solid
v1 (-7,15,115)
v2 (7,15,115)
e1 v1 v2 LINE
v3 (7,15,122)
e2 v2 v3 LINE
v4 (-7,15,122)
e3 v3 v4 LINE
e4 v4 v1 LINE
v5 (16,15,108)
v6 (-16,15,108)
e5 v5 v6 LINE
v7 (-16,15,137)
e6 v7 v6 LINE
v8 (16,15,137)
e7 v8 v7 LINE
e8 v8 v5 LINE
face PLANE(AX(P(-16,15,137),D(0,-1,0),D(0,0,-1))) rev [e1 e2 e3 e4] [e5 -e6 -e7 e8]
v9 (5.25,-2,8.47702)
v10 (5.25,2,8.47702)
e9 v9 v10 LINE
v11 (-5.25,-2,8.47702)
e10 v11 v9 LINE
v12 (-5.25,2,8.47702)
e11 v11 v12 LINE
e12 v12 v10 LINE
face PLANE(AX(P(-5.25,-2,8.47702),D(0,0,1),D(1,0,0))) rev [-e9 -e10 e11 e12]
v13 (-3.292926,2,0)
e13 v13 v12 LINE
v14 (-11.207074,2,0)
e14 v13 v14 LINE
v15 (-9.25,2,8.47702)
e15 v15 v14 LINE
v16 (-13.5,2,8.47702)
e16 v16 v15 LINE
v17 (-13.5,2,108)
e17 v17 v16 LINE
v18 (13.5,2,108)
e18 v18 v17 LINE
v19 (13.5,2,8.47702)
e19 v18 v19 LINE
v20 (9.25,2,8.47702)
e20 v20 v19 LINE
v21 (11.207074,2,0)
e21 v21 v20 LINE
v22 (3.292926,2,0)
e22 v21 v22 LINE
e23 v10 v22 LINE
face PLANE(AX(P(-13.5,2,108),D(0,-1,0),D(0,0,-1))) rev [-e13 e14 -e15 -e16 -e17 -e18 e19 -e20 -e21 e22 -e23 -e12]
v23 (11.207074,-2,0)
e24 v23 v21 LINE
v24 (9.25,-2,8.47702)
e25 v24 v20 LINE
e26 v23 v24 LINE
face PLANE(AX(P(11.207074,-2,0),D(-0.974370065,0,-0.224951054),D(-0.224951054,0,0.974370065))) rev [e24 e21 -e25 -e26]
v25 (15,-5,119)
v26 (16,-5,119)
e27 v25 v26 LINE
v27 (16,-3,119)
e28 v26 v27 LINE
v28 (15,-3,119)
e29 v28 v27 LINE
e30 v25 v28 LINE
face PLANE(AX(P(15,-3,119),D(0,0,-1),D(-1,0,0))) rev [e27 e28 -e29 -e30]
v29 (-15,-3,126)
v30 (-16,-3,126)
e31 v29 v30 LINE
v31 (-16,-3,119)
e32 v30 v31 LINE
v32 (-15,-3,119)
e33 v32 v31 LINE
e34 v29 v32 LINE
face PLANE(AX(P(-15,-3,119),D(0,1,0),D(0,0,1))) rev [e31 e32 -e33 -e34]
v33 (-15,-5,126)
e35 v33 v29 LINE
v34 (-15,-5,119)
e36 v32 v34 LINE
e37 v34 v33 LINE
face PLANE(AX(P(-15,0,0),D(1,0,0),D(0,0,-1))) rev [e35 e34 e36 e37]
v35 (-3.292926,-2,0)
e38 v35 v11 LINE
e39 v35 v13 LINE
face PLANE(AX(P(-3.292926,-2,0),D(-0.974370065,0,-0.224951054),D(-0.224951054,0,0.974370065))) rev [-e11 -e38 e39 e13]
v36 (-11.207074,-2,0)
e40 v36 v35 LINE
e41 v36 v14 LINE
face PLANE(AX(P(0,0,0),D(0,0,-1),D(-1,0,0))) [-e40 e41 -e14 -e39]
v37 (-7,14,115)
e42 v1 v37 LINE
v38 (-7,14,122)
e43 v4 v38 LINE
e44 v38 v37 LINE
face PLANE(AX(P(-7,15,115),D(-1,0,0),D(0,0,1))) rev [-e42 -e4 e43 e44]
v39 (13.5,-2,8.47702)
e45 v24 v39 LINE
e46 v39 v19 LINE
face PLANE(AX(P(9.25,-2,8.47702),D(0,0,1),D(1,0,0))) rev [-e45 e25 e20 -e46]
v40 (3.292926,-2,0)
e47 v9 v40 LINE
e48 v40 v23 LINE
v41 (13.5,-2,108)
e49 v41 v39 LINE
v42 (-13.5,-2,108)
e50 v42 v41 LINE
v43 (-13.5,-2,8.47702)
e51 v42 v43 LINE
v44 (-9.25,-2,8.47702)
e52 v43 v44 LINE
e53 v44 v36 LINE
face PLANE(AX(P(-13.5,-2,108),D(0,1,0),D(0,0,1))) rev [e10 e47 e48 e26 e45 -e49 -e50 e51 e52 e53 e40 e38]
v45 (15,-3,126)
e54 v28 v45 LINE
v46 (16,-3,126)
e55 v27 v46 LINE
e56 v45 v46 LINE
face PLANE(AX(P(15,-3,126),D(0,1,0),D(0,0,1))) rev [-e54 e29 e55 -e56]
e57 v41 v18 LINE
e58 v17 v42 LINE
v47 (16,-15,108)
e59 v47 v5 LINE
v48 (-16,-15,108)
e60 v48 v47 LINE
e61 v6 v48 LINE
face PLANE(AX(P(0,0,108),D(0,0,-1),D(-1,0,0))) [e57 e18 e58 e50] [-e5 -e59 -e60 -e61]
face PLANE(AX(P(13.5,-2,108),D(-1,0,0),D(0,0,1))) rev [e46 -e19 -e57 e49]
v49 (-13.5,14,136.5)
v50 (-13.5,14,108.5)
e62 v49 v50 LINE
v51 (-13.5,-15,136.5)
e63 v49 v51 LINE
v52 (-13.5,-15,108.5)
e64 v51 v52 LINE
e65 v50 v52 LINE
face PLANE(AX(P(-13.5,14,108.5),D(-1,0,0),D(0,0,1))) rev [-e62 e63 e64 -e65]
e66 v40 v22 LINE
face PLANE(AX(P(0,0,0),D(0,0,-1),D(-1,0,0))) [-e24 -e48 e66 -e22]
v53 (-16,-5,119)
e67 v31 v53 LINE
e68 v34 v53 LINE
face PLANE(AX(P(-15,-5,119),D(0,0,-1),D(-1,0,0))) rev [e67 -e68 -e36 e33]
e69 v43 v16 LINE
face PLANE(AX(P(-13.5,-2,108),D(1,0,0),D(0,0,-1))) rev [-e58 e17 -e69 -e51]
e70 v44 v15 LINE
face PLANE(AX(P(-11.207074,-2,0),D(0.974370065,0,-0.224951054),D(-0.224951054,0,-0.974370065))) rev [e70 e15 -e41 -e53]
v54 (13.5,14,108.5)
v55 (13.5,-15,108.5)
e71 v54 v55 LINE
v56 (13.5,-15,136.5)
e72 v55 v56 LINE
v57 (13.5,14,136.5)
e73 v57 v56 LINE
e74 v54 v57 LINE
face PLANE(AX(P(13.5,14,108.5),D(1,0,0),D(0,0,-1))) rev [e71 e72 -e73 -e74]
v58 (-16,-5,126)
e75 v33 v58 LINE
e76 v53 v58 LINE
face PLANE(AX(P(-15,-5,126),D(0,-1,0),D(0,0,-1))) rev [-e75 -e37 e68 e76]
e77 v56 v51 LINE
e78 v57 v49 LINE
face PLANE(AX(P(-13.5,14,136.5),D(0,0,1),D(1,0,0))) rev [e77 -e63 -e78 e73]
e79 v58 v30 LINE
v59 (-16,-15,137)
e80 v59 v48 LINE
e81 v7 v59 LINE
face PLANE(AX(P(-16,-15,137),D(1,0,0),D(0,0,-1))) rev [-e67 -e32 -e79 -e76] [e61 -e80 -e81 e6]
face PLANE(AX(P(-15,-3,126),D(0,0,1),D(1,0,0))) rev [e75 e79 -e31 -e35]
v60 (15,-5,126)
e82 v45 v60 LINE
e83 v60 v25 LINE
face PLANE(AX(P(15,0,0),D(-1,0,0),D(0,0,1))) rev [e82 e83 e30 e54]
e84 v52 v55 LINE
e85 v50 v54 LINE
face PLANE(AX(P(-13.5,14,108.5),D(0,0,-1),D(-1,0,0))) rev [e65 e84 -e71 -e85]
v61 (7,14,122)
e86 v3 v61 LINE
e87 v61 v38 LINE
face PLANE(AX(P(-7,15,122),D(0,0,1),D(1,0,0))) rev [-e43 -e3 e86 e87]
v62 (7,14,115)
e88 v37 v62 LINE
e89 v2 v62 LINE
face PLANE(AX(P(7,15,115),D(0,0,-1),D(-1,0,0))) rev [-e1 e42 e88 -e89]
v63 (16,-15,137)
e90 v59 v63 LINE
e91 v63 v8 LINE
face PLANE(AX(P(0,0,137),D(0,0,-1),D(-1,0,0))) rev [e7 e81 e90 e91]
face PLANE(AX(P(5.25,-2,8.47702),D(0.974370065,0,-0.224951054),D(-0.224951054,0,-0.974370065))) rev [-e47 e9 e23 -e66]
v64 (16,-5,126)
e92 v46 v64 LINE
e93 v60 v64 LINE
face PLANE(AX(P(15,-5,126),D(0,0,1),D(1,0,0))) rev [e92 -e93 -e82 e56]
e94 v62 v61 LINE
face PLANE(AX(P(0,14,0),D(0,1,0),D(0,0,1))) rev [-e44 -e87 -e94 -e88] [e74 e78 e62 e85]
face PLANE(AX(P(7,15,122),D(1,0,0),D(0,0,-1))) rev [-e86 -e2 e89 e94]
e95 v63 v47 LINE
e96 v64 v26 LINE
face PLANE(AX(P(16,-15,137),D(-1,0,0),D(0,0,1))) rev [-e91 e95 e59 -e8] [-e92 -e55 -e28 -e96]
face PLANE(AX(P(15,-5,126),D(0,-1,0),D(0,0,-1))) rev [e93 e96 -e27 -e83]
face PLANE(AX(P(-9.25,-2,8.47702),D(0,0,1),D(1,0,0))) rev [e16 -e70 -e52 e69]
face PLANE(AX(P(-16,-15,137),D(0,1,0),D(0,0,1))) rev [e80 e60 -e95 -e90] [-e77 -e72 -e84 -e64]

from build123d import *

# Parameters (mm, degrees)
ESQUISSE1_W             = 27
ESQUISSE1_H             = 4
BOSS_EXTRU_1_DEPTH      = 108
ENL_V_MAT_EXTRU_3_DEPTH = 109.913956865
ESQUISSE2_W             = 32
ESQUISSE2_H             = 30
BOSS_EXTRU_2_DEPTH      = 29
ESQUISSE17_W            = 27
ESQUISSE17_H            = 28
ENL_V_MAT_EXTRU_4_DEPTH = 29
ESQUISSE18_W            = 7
ESQUISSE18_H            = 2
ENL_V_MAT_EXTRU_6_DEPTH = 1
ESQUISSE24_W            = 7
ESQUISSE24_H            = 2
ENL_V_MAT_EXTRU_7_DEPTH = 1
ESQUISSE26_W            = 14
ESQUISSE26_H            = 7
ENL_V_MAT_EXTRU_8_DEPTH = 141.946798474


with BuildPart() as part:
    # Esquisse1 → Boss.-Extru.1 (new body)
    with BuildSketch(Plane.XY):
        Rectangle(ESQUISSE1_W, ESQUISSE1_H)
    extrude(amount=BOSS_EXTRU_1_DEPTH)

    # Esquisse12 → Enlèv. mat.-Extru.3 (cut, through all)
    with BuildSketch(Plane(origin=(0, 2, 0), x_dir=(1, 0, 0), z_dir=(0, 1, 0))):
        Polygon((-13.5, 0), (-11.207074173, 0), (-9.25, -8.477019564), (-13.5, -8.477019564), align=None)
        Polygon((-3.292925827, 0), (-5.25, -8.477019564), (5.25, -8.477019564), (3.292925827, 0), align=None)
        Polygon((11.207074173, 0), (9.25, -8.477019564), (13.5, -8.477019564), (13.5, 0), align=None)
    extrude(amount=-ENL_V_MAT_EXTRU_3_DEPTH, mode=Mode.SUBTRACT)

    # Esquisse2 → Boss.-Extru.2 (add)
    with BuildSketch(Plane.XY.offset(108)):
        Rectangle(ESQUISSE2_W, ESQUISSE2_H)
    extrude(amount=BOSS_EXTRU_2_DEPTH)

    # Esquisse17 → Enlèv. mat.-Extru.4 (cut)
    with BuildSketch(Plane.XZ.offset(15)):
        with Locations((0, 122.5)):
            Rectangle(ESQUISSE17_W, ESQUISSE17_H)
    extrude(amount=-ENL_V_MAT_EXTRU_4_DEPTH, mode=Mode.SUBTRACT)

    # Esquisse18 → Enlèv. mat.-Extru.6 (cut)
    with BuildSketch(Plane(origin=(16, 0, 0), x_dir=(0, 0, -1), z_dir=(1, 0, 0))):
        with Locations((-122.5, -4)):
            Rectangle(ESQUISSE18_W, ESQUISSE18_H)
    extrude(amount=-ENL_V_MAT_EXTRU_6_DEPTH, mode=Mode.SUBTRACT)

    # Esquisse24 → Enlèv. mat.-Extru.7 (cut)
    with BuildSketch(Plane.ZY.offset(16)):
        with Locations((122.5, -4)):
            Rectangle(ESQUISSE24_W, ESQUISSE24_H)
    extrude(amount=-ENL_V_MAT_EXTRU_7_DEPTH, mode=Mode.SUBTRACT)

    # Esquisse26 → Enlèv. mat.-Extru.8 (cut, through all)
    with BuildSketch(Plane.XZ.offset(-14)):
        with Locations((0, 118.5)):
            Rectangle(ESQUISSE26_W, ESQUISSE26_H)
    extrude(amount=-ENL_V_MAT_EXTRU_8_DEPTH, mode=Mode.SUBTRACT)


solid = part.part
